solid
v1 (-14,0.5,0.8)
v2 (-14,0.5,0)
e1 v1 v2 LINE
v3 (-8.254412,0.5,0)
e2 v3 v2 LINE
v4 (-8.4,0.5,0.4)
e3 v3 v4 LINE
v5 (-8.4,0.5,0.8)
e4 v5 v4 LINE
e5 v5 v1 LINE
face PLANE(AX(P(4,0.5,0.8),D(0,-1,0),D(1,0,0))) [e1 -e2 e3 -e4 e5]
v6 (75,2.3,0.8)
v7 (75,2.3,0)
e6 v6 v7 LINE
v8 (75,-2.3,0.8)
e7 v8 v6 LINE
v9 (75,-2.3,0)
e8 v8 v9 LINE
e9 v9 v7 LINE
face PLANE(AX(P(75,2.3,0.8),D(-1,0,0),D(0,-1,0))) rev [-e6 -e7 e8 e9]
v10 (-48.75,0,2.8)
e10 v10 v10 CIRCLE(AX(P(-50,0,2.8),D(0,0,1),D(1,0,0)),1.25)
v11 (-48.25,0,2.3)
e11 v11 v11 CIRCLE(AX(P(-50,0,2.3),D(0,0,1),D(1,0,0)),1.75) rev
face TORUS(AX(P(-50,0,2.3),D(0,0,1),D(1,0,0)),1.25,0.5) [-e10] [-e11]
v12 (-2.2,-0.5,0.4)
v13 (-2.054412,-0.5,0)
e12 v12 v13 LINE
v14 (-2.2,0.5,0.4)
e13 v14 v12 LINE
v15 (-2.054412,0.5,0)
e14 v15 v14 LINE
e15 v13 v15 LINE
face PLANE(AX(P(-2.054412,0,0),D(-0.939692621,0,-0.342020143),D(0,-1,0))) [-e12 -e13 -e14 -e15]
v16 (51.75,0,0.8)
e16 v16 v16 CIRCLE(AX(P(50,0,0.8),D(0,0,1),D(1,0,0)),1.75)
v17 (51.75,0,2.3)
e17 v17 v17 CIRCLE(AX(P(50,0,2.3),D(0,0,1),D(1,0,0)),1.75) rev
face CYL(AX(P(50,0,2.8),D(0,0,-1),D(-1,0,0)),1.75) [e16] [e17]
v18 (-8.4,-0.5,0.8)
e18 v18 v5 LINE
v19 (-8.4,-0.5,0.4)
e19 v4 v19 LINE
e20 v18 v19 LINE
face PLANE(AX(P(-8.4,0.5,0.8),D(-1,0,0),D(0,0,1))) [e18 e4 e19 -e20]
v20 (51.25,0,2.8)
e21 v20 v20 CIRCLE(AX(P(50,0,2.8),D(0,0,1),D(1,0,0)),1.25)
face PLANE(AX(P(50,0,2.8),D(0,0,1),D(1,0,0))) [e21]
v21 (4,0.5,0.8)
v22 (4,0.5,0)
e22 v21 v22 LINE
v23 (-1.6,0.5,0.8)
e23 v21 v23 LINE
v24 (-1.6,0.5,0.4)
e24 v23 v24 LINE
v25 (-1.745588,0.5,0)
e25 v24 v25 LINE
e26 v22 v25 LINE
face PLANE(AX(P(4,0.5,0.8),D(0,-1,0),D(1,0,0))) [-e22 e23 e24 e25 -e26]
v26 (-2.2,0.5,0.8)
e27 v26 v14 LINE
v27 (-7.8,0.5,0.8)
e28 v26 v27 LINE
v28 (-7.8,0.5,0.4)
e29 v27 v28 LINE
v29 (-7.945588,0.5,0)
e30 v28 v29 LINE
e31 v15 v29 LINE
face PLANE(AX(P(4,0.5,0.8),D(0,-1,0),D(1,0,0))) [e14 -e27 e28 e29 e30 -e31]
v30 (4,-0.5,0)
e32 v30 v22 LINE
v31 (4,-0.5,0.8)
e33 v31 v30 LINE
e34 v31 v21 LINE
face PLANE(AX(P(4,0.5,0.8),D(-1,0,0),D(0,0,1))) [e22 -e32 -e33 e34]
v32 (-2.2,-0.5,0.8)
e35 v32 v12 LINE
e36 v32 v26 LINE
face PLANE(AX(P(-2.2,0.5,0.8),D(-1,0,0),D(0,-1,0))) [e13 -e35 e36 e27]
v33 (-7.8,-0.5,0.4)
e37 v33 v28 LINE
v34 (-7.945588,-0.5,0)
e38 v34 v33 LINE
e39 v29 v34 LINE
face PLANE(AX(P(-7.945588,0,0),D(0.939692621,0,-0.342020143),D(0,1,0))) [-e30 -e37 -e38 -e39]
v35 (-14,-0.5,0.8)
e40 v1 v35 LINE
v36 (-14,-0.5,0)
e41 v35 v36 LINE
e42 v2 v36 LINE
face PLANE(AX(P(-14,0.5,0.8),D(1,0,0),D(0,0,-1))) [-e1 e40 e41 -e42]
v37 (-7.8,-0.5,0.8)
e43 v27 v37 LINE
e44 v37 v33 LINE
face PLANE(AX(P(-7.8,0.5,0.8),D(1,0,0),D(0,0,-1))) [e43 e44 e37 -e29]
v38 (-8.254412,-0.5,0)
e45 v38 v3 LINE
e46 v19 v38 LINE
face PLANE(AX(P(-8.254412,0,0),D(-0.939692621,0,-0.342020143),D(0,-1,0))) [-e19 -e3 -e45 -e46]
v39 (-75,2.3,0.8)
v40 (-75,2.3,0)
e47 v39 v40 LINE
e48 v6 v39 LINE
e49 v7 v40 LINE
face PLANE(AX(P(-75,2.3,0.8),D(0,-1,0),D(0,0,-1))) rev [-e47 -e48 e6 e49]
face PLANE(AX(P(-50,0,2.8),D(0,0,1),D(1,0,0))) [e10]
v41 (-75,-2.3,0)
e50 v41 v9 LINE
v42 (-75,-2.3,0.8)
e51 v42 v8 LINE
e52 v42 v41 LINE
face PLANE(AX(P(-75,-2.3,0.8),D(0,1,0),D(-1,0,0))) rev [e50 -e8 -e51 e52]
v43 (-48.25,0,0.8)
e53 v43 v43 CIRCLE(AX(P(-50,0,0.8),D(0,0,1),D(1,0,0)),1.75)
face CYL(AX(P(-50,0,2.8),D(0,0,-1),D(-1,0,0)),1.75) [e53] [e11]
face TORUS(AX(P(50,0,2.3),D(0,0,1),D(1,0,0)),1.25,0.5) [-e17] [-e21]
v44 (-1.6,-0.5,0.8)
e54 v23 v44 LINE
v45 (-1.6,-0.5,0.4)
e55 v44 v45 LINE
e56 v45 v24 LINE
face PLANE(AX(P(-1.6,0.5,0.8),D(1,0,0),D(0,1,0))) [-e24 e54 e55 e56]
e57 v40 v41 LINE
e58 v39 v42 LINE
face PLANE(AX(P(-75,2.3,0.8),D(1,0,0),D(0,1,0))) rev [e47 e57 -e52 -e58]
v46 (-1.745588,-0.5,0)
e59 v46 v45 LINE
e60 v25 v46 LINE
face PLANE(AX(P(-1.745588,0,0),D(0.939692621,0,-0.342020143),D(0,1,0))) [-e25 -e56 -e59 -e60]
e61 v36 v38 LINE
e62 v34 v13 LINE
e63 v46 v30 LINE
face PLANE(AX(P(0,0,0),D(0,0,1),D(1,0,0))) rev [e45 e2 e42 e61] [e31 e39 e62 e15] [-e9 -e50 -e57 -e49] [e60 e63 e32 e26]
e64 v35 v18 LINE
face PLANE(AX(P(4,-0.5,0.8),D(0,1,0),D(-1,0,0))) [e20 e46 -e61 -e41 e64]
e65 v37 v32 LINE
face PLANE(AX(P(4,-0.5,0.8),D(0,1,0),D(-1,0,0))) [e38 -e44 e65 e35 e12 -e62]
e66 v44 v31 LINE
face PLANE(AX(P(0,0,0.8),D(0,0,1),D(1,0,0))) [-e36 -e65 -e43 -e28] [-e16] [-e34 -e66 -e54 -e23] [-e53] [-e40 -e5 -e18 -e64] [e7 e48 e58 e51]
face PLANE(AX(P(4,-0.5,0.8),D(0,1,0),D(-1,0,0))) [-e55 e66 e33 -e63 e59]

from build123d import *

# Parameters (mm, degrees)
SKICA2_W                = 150
SKICA2_H                = 4.6
SKICA2_W_2              = 18
SKICA2_H_2              = 1
P_IDAT_VYSUNUT_M2_DEPTH = 0.8
SKICA3_R                = 1.75
P_IDAT_VYSUNUT_M3_DEPTH = 2
ZAOBLIT1_R              = 0.5
SKICA4_W                = 0.6
SKICA4_H                = 1
P_IDAT_VYSUNUT_M4_DEPTH = 0.8
ZKOSEN_1_SIZE           = 0.4
ZKOSEN_1_SIZE2          = 0.145588094
ZKOSEN_1_PART_2_SIZE    = 0.4
ZKOSEN_1_PART_2_SIZE2   = 0.145588094
ZKOSEN_1_PART_3_SIZE    = 0.4
ZKOSEN_1_PART_3_SIZE2   = 0.145588094
ZKOSEN_1_PART_4_SIZE    = 0.4
ZKOSEN_1_PART_4_SIZE2   = 0.145588094


with BuildPart() as part:
    # Skica2 → Přidat vysunutím2 (new body)
    with BuildSketch(Plane.XY):
        Rectangle(SKICA2_W, SKICA2_H)
        with Locations((-5, 0)):
            Rectangle(SKICA2_W_2, SKICA2_H_2, mode=Mode.SUBTRACT)
    extrude(amount=P_IDAT_VYSUNUT_M2_DEPTH)

    # Skica3 → Přidat vysunutím3 (add)
    with BuildSketch(Plane.XY.offset(0.8)):
        with Locations((-50, 0)):
            Circle(SKICA3_R)
        with Locations((50, 0)):
            Circle(SKICA3_R)
    extrude(amount=P_IDAT_VYSUNUT_M3_DEPTH)

    # Zaoblit1
    zaoblit1_edges = [part.edges().sort_by_distance(p)[0] for p in [
        (-51.75, 0, 2.8),
        (48.25, 0, 2.8),
    ]]
    fillet(zaoblit1_edges, radius=ZAOBLIT1_R)

    # Skica4 → Přidat vysunutím4 (add)
    with BuildSketch(Plane(origin=(0, 0, 0), x_dir=(-1, 0, 0), z_dir=(0, 0, -1))):
        with Locations((1.9, 0)):
            Rectangle(SKICA4_W, SKICA4_H)
        with Locations((8.1, 0)):
            Rectangle(SKICA4_W, SKICA4_H)
    extrude(amount=-P_IDAT_VYSUNUT_M4_DEPTH)

    # Zkosení1
    zkosen_1_edges = [part.edges().sort_by_distance(p)[0] for p in [
        (-1.6, 0, 0),
    ]]
    zkosen_1_side = [part.faces().sort_by_distance(p)[0] for p in [
        (-1.6, 0, 0.4),
    ]]
    chamfer(zkosen_1_edges, length=ZKOSEN_1_SIZE, length2=ZKOSEN_1_SIZE2, reference=zkosen_1_side[0])

    # Zkosení1 part 2
    zkosen_1_part_2_edges = [part.edges().sort_by_distance(p)[0] for p in [
        (-2.2, 0, 0),
    ]]
    zkosen_1_part_2_side = [part.faces().sort_by_distance(p)[0] for p in [
        (-2.2, 0, 0.4),
    ]]
    chamfer(zkosen_1_part_2_edges, length=ZKOSEN_1_PART_2_SIZE, length2=ZKOSEN_1_PART_2_SIZE2, reference=zkosen_1_part_2_side[0])

    # Zkosení1 part 3
    zkosen_1_part_3_edges = [part.edges().sort_by_distance(p)[0] for p in [
        (-8.4, 0, 0),
    ]]
    zkosen_1_part_3_side = [part.faces().sort_by_distance(p)[0] for p in [
        (-8.4, 0, 0.4),
    ]]
    chamfer(zkosen_1_part_3_edges, length=ZKOSEN_1_PART_3_SIZE, length2=ZKOSEN_1_PART_3_SIZE2, reference=zkosen_1_part_3_side[0])

    # Zkosení1 part 4
    zkosen_1_part_4_edges = [part.edges().sort_by_distance(p)[0] for p in [
        (-7.8, 0, 0),
    ]]
    zkosen_1_part_4_side = [part.faces().sort_by_distance(p)[0] for p in [
        (-7.8, 0, 0.4),
    ]]
    chamfer(zkosen_1_part_4_edges, length=ZKOSEN_1_PART_4_SIZE, length2=ZKOSEN_1_PART_4_SIZE2, reference=zkosen_1_part_4_side[0])


solid = part.part
